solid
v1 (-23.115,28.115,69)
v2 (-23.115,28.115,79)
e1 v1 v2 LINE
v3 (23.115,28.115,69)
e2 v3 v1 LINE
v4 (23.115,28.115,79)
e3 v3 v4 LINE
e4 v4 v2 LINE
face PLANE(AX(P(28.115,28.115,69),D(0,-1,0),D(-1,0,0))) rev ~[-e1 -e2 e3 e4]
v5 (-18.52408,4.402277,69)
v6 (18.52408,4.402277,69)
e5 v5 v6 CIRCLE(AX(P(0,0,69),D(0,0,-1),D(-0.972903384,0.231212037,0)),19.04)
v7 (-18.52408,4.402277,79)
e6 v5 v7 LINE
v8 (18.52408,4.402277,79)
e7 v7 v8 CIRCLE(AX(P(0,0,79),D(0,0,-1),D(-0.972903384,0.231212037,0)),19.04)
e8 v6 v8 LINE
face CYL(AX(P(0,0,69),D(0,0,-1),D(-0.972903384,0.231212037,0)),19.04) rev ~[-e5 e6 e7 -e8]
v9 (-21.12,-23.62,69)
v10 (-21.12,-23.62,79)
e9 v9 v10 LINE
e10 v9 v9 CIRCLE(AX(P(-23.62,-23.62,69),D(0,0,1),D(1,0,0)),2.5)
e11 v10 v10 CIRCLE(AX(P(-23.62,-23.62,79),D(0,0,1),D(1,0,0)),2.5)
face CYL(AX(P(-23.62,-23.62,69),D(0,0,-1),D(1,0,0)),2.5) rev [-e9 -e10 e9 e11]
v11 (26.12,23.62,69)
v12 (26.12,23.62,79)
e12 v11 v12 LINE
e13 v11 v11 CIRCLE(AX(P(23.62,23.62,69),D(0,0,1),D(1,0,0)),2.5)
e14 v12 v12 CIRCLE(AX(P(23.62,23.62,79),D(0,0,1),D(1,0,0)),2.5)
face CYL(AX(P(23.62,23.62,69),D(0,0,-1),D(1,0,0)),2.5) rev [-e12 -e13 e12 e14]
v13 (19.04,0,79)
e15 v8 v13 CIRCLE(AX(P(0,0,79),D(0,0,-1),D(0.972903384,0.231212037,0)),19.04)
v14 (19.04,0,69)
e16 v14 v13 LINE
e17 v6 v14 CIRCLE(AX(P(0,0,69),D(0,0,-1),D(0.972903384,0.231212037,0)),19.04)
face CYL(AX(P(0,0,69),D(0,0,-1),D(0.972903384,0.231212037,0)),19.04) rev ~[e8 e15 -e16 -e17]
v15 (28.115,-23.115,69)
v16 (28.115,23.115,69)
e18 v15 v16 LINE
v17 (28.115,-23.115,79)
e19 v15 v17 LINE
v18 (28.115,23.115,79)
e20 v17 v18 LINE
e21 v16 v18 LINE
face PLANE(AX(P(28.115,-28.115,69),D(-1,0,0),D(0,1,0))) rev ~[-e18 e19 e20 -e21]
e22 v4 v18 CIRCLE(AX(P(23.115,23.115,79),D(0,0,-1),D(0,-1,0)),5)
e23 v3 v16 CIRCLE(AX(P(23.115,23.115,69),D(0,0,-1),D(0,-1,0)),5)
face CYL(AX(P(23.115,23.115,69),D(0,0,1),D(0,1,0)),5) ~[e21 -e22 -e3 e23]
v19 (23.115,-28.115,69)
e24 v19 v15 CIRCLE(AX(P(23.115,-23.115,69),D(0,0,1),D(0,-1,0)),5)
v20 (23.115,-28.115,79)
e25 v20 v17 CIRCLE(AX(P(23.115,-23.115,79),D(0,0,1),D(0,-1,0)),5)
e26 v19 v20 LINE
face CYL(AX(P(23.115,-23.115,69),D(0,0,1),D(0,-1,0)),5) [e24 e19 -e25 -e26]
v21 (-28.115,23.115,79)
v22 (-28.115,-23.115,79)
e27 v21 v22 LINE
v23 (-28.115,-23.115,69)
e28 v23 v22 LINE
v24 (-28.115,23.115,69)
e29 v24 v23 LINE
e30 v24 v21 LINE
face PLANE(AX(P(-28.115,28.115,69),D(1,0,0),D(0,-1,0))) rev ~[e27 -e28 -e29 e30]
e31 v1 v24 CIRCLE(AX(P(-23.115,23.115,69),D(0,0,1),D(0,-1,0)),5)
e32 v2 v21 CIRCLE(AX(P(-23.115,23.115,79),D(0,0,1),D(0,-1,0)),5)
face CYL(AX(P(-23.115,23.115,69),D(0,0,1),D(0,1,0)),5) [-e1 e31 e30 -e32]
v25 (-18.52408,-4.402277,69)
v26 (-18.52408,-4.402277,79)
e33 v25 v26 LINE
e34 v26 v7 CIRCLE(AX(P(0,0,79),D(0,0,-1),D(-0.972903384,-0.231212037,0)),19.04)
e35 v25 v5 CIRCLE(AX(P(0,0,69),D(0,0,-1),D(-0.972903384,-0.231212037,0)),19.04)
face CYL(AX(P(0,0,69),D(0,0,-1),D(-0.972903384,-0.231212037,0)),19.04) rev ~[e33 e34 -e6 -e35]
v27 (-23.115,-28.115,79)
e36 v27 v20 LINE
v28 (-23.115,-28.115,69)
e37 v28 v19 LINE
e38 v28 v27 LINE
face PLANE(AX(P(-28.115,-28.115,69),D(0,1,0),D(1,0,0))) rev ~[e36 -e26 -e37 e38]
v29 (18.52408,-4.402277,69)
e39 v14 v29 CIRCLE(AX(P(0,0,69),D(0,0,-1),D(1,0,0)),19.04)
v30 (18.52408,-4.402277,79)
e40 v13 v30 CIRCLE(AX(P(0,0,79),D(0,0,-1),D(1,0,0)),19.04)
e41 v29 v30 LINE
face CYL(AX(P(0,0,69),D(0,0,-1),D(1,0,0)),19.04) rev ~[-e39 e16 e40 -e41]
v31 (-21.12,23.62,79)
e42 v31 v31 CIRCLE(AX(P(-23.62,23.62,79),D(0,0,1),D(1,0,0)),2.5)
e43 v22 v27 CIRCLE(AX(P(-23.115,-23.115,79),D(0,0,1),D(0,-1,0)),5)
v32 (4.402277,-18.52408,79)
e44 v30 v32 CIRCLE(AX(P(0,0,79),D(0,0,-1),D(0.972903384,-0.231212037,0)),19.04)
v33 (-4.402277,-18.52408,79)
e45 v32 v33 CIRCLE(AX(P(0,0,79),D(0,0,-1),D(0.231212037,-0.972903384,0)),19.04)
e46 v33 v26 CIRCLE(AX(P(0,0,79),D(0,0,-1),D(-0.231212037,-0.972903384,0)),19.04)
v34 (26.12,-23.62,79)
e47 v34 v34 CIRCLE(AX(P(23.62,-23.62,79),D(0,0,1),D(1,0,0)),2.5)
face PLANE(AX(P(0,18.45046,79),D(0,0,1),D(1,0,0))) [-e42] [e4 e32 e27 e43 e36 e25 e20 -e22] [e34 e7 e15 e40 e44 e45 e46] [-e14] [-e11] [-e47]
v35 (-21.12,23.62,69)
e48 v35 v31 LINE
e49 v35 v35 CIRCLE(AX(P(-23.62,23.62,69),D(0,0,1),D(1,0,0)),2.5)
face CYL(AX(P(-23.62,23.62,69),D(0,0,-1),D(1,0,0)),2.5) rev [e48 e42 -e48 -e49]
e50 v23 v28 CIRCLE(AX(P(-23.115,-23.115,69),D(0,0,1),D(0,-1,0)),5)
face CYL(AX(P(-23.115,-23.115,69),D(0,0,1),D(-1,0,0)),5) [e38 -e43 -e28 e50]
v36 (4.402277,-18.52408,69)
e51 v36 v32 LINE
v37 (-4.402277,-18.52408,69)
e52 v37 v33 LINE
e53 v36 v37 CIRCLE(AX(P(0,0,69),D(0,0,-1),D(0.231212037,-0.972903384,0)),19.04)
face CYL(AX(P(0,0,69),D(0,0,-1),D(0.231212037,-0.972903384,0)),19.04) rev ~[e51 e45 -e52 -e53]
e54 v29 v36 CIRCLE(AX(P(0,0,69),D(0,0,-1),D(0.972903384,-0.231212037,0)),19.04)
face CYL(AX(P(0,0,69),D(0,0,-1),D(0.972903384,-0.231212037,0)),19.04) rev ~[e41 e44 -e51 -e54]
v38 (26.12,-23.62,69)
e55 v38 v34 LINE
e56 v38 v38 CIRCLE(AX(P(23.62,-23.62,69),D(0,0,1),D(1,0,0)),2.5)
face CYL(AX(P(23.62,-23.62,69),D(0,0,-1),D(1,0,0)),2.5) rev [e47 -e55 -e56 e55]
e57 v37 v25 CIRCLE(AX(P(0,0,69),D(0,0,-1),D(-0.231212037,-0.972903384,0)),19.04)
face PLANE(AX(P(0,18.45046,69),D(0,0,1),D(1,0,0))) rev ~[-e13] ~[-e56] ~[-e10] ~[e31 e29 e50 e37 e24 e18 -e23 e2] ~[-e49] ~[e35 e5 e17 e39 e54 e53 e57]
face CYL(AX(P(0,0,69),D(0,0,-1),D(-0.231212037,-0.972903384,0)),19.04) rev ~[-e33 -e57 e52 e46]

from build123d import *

# Parameters (mm, degrees)
F1_START = 69
F0_R     = 2.5
F1_DEPTH = 10
F2_R     = 5


with BuildPart() as f1:
    # F0 (on Top) → F1 (new body)
    with BuildSketch(Plane.XY.offset(F1_START)):
        with BuildLine():
            Line((28.115, 28.115), (-28.115, 28.115))
            Line((-28.115, 28.115), (-28.115, 7.6560907126))
            ThreePointArc((-28.115, 7.6560907126), (-22.7514332101, 7.7037324483), (-18.5240804258, 4.4022771811))
            ThreePointArc((-18.5240804258, 4.4022771811), (0, 19.04), (18.5240804258, 4.4022771811))
            ThreePointArc((18.5240804258, 4.4022771811), (22.7514332101, 7.7037324483), (28.115, 7.6560907126))
            Line((28.115, 7.6560907126), (28.115, 28.115))
        make_face()
        with Locations((-23.62, 23.62)):
            Circle(F0_R, mode=Mode.SUBTRACT)
        with Locations((23.62, 23.62)):
            Circle(F0_R, mode=Mode.SUBTRACT)
        with BuildLine():
            ThreePointArc((-18.5240804258, 4.4022771811), (-22.7514332101, 7.7037324483), (-28.115, 7.6560907126))
            Line((-28.115, 7.6560907126), (-28.115, 2.0247777656))
            ThreePointArc((-28.115, 2.0247777656), (-24.2994074418, 3.2444934119), (-21.95, 0))
            ThreePointArc((-21.95, 0), (-24.2994074418, -3.2444934119), (-28.115, -2.0247777656))
            Line((-28.115, -2.0247777656), (-28.115, -7.6560907126))
            ThreePointArc((-28.115, -7.6560907126), (-22.7514332101, -7.7037324483), (-18.5240804258, -4.4022771811))
            ThreePointArc((-18.5240804258, -4.4022771811), (-19.04, 0), (-18.5240804258, 4.4022771811))
        make_face()
        with BuildLine():
            ThreePointArc((-21.95, 0), (-24.2994074418, 3.2444934119), (-28.115, 2.0247777656))
            Line((-28.115, 2.0247777656), (-28.115, -2.0247777656))
            ThreePointArc((-28.115, -2.0247777656), (-24.2994074418, -3.2444934119), (-21.95, 0))
        make_face()
        with BuildLine():
            ThreePointArc((-18.5240804258, -4.4022771811), (-22.7514332101, -7.7037324483), (-28.115, -7.6560907126))
            Line((-28.115, -7.6560907126), (-28.115, -28.115))
            Line((-28.115, -28.115), (-7.6560907126, -28.115))
            ThreePointArc((-7.6560907126, -28.115), (-7.7037324483, -22.7514332101), (-4.4022771811, -18.5240804258))
            ThreePointArc((-4.4022771811, -18.5240804258), (-13.4633131138, -13.4633131138), (-18.5240804258, -4.4022771811))
        make_face()
        with Locations((-23.62, -23.62)):
            Circle(F0_R, mode=Mode.SUBTRACT)
        with BuildLine():
            ThreePointArc((4.4022771811, -18.5240804258), (0, -19.04), (-4.4022771811, -18.5240804258))
            ThreePointArc((-4.4022771811, -18.5240804258), (-7.7037324483, -22.7514332101), (-7.6560907126, -28.115))
            Line((-7.6560907126, -28.115), (-2.0247777656, -28.115))
            ThreePointArc((-2.0247777656, -28.115), (-1.5407155692, -22.3173089831), (3.415, -25.365))
            ThreePointArc((3.415, -25.365), (3.0476910169, -26.9057155692), (2.0247777656, -28.115))
            Line((2.0247777656, -28.115), (7.6560907126, -28.115))
            ThreePointArc((7.6560907126, -28.115), (8.0143784209, -26.7606946394), (8.135, -25.365))
            ThreePointArc((8.135, -25.365), (7.1411046018, -21.4684823155), (4.4022771811, -18.5240804258))
        make_face()
        with BuildLine():
            ThreePointArc((3.415, -25.365), (-1.5407155692, -22.3173089831), (-2.0247777656, -28.115))
            Line((-2.0247777656, -28.115), (2.0247777656, -28.115))
            ThreePointArc((2.0247777656, -28.115), (3.0476910169, -26.9057155692), (3.415, -25.365))
        make_face()
        with BuildLine():
            Line((28.115, -28.115), (28.115, -7.6560907126))
            ThreePointArc((28.115, -7.6560907126), (22.7514332101, -7.7037324483), (18.5240804258, -4.4022771811))
            ThreePointArc((18.5240804258, -4.4022771811), (13.4633131138, -13.4633131138), (4.4022771811, -18.5240804258))
            ThreePointArc((4.4022771811, -18.5240804258), (7.1411046018, -21.4684823155), (8.135, -25.365))
            ThreePointArc((8.135, -25.365), (8.0143784209, -26.7606946394), (7.6560907126, -28.115))
            Line((7.6560907126, -28.115), (28.115, -28.115))
        make_face()
        with Locations((23.62, -23.62)):
            Circle(F0_R, mode=Mode.SUBTRACT)
        with BuildLine():
            Line((28.115, 2.0247777656), (28.115, 7.6560907126))
            ThreePointArc((28.115, 7.6560907126), (22.7514332101, 7.7037324483), (18.5240804258, 4.4022771811))
            ThreePointArc((18.5240804258, 4.4022771811), (18.9105802569, 2.2162026862), (19.04, 0))
            ThreePointArc((19.04, 0), (18.9105802569, -2.2162026862), (18.5240804258, -4.4022771811))
            ThreePointArc((18.5240804258, -4.4022771811), (22.7514332101, -7.7037324483), (28.115, -7.6560907126))
            Line((28.115, -7.6560907126), (28.115, -2.0247777656))
            ThreePointArc((28.115, -2.0247777656), (21.95, 0), (28.115, 2.0247777656))
        make_face()
        with BuildLine():
            Line((28.115, -2.0247777656), (28.115, 2.0247777656))
            ThreePointArc((28.115, 2.0247777656), (21.95, 0), (28.115, -2.0247777656))
        make_face()
    extrude(amount=F1_DEPTH)

    # F2
    f2_edges = [f1.edges().sort_by_distance(p)[0] for p in [
        (-28.115, -28.115, 74),
        (-28.115, 28.115, 74),
        (28.115, 28.115, 74),
        (28.115, -28.115, 74),
    ]]
    fillet(f2_edges, radius=F2_R)


solid = f1.part
